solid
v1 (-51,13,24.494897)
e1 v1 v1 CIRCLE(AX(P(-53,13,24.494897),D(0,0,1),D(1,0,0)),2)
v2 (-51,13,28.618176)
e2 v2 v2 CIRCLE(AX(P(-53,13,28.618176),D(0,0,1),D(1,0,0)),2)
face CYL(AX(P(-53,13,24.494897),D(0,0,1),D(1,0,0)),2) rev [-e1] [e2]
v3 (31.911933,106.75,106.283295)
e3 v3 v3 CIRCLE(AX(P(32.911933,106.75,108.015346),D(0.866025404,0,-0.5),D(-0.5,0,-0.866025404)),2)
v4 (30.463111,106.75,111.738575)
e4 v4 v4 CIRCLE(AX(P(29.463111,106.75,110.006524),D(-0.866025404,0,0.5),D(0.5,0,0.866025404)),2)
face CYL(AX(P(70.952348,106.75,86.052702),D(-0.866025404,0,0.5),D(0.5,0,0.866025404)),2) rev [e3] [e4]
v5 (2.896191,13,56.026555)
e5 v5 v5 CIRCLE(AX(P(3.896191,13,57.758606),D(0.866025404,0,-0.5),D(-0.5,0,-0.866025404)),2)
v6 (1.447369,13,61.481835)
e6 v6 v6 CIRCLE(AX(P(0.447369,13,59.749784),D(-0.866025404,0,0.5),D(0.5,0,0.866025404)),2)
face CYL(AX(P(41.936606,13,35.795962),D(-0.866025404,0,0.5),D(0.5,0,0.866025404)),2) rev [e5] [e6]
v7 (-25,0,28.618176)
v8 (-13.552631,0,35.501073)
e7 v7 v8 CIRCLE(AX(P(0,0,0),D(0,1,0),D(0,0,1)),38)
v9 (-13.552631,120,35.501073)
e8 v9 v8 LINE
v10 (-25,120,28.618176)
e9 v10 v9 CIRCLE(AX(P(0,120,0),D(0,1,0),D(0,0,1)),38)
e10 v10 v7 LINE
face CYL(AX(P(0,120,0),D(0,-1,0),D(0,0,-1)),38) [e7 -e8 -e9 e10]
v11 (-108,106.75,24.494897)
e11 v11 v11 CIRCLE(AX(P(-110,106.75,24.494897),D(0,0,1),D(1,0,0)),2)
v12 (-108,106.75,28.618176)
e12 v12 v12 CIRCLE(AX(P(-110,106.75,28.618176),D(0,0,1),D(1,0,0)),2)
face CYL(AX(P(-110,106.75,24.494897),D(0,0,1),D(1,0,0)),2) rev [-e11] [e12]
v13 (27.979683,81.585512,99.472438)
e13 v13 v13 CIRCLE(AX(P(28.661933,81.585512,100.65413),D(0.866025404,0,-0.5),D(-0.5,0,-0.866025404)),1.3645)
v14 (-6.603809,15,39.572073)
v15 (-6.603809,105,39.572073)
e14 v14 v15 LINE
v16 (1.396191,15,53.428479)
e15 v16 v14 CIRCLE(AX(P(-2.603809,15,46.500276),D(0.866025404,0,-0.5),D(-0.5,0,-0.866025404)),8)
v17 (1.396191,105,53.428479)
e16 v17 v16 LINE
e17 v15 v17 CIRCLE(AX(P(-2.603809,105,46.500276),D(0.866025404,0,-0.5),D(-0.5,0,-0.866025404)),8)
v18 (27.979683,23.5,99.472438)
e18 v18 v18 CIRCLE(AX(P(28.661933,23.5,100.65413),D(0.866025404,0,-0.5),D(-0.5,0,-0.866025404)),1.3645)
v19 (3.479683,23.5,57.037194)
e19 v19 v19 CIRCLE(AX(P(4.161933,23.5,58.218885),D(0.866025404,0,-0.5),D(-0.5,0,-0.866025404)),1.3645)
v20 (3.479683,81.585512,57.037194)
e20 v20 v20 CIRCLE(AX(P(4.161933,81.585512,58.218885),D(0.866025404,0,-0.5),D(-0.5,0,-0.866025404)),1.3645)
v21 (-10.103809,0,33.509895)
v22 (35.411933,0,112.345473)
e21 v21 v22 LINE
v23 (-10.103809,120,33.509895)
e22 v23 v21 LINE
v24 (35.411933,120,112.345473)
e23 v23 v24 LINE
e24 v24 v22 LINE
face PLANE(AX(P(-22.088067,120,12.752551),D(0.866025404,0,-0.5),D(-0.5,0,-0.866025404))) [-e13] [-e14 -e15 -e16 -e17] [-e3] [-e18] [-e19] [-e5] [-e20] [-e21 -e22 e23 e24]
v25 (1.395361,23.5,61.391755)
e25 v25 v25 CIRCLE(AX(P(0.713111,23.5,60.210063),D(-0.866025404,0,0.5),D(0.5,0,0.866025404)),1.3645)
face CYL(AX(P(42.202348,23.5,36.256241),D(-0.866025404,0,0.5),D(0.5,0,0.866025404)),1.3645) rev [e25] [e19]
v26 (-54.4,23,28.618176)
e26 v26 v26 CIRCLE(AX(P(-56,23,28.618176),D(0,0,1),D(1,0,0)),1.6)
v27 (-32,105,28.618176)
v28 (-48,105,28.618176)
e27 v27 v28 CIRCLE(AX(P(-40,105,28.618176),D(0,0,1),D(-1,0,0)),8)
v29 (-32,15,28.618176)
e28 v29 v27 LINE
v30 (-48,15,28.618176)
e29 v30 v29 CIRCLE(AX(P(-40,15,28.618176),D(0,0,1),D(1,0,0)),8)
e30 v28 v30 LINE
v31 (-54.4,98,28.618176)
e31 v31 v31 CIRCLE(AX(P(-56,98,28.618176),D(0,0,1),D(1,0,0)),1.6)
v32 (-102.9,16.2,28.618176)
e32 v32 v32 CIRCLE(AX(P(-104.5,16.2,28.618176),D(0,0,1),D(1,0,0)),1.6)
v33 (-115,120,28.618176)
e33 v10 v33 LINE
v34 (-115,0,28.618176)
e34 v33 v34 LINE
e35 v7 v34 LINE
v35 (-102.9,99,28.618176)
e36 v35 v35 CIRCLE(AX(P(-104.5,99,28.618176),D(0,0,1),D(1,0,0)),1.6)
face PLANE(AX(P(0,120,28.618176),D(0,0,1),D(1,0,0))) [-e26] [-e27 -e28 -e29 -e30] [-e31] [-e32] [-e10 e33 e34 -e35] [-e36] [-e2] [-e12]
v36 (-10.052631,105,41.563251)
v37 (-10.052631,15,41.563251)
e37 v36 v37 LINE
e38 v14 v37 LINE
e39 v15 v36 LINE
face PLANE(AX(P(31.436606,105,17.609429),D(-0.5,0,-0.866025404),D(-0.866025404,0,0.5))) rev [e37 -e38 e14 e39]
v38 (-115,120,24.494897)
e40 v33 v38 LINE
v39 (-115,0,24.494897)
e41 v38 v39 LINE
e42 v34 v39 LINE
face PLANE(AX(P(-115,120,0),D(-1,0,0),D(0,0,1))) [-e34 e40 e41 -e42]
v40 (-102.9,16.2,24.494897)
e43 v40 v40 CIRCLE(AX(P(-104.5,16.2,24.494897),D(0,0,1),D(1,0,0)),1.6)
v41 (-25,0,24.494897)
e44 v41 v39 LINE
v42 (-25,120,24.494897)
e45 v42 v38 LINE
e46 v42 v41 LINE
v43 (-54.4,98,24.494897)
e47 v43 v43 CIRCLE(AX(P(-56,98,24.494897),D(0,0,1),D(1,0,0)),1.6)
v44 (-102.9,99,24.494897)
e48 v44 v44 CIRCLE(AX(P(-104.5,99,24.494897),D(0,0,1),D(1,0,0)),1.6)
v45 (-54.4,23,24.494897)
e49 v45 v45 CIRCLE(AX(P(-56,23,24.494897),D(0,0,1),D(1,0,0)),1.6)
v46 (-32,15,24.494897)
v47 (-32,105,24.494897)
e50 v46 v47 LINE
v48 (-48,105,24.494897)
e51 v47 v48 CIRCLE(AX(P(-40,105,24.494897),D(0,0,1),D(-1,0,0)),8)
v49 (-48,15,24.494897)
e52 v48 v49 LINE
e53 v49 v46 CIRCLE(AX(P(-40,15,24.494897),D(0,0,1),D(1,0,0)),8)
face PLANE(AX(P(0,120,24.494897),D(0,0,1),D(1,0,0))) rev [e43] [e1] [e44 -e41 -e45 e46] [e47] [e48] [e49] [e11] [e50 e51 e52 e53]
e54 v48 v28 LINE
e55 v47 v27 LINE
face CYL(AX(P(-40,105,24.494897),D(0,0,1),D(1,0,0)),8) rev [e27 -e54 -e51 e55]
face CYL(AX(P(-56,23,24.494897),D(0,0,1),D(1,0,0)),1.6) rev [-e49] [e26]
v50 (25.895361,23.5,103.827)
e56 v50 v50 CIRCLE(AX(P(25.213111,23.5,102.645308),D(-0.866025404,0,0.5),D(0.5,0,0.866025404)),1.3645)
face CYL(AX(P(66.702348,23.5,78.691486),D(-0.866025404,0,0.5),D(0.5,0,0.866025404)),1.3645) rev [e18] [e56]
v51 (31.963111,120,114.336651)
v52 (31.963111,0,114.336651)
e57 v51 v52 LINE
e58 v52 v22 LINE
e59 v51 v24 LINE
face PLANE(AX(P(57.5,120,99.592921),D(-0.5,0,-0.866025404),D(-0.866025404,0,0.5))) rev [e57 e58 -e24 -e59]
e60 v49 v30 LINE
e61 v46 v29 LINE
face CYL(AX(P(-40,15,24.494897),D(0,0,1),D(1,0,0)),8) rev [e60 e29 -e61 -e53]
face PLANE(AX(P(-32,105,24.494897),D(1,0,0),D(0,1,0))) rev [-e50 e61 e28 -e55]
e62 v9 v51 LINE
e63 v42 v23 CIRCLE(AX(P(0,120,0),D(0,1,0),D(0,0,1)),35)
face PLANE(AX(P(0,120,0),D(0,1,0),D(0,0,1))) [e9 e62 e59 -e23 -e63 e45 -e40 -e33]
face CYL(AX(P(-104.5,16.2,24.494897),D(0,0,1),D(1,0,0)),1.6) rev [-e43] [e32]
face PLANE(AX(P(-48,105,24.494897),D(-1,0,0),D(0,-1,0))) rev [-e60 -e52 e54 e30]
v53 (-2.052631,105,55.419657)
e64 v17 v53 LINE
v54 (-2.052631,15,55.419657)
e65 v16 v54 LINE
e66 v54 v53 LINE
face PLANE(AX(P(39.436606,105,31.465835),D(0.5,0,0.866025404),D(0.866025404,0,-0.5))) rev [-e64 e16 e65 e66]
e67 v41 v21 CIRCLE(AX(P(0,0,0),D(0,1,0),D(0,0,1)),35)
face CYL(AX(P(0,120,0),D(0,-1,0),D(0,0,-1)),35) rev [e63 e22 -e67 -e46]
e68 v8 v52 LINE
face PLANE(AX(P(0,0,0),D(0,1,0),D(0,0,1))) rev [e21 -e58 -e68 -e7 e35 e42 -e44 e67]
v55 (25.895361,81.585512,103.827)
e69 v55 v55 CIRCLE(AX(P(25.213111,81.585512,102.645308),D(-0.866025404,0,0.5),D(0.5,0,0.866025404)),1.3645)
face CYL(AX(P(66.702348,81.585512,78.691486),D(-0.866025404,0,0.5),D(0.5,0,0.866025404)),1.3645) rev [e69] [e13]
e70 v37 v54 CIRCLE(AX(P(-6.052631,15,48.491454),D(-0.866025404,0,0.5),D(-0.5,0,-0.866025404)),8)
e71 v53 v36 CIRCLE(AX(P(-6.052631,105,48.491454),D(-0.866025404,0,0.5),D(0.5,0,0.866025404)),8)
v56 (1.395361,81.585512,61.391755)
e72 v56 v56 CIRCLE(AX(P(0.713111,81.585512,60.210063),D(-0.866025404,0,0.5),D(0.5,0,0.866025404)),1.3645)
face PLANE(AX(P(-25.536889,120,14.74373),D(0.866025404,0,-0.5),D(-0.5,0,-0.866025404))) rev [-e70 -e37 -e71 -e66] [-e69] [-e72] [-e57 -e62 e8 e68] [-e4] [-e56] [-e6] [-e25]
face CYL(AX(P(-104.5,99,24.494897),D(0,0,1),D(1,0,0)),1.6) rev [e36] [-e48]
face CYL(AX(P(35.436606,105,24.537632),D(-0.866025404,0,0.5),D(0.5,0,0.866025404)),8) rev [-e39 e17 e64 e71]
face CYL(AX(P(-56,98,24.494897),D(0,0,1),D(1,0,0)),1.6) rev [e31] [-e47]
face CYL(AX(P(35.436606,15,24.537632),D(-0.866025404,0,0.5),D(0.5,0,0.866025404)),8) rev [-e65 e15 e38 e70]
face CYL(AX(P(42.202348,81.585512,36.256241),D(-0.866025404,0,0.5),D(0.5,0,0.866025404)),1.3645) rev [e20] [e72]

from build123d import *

# Parameters (mm, degrees)
BOSS_EXTRU_1_DEPTH      = 120
ENL_V_MAT_EXTRU_1_DEPTH = 188.009777727
ENL_V_MAT_EXTRU_2_DEPTH = 180.784310366
ESQUISSE6_R             = 2
ENL_V_MAT_EXTRU_3_DEPTH = 188.009777727
ESQUISSE7_R             = 2
ENL_V_MAT_EXTRU_4_DEPTH = 180.784310366
ESQUISSE10_R            = 1.364499713
ENL_V_MAT_EXTRU_5_DEPTH = 180.784310366
ENL_V_MAT_EXTRU_6_DEPTH = 188.009777727
ESQUISSE11_R            = 2
ENL_V_MAT_EXTRU_7_DEPTH = 188.009777727
ESQUISSE12_R            = 2
ENL_V_MAT_EXTRU_8_DEPTH = 180.784310366


with BuildPart() as part:
    # Esquisse3 → Boss.-Extru.1 (new body)
    with BuildSketch(Plane(origin=(0, 0, 0), x_dir=(1, 0, 0), z_dir=(0, 1, 0))):
        with BuildLine():
            ThreePointArc((-25, -28.618176043), (-27.104360033, -26.633694209), (-29.051678093, -24.494897428))
            Line((-29.051678093, -24.494897428), (-115, -24.494897428))
            Line((-115, -24.494897428), (-115, -28.618176043))
            Line((-115, -28.618176043), (-25, -28.618176043))
        make_face()
        with BuildLine():
            ThreePointArc((-10.103808925, -33.509894736), (-18.121448463, -29.943498553), (-25, -24.494897428))
            Line((-25, -24.494897428), (-29.051678093, -24.494897428))
            ThreePointArc((-29.051678093, -24.494897428), (-27.104360033, -26.633694209), (-25, -28.618176043))
            ThreePointArc((-25, -28.618176043), (-19.581111, -32.566548666), (-13.552631037, -35.50107311))
            ThreePointArc((-13.552631037, -35.50107311), (-10.809506446, -36.430132725), (-8.003591765, -37.147577564))
            Line((-8.003591765, -37.147577564), (-10.103808925, -33.509894736))
        make_face()
        with BuildLine():
            Line((35.411933246, -112.345472721), (-8.003591765, -37.147577564))
            ThreePointArc((-8.003591765, -37.147577564), (-10.809506446, -36.430132725), (-13.552631037, -35.50107311))
            Line((-13.552631037, -35.50107311), (31.963111135, -114.336651096))
            Line((31.963111135, -114.336651096), (35.411933246, -112.345472721))
        make_face()
    extrude(amount=BOSS_EXTRU_1_DEPTH)

    # Esquisse4 → Enlèv. mat.-Extru.1 (cut, through all)
    with BuildSketch(Plane.XY.offset(28.618176043)):
        with BuildLine():
            Line((-48, 105), (-48, 15))
            ThreePointArc((-48, 15), (-40, 7), (-32, 15))
            Line((-32, 15), (-32, 105))
            ThreePointArc((-32, 105), (-40, 113), (-48, 105))
        make_face()
    extrude(amount=-ENL_V_MAT_EXTRU_1_DEPTH, mode=Mode.SUBTRACT)

    # Esquisse5 → Enlèv. mat.-Extru.2 (cut, through all)
    with BuildSketch(Plane(origin=(-25.536888865, 0, 14.743729661), x_dir=(0.4999999999999999, 0, 0.8660254037844386), z_dir=(-0.8660254037844387, 0, 0.49999999999999994))):
        with BuildLine():
            Line((46.968515657, 105), (46.968515657, 15))
            ThreePointArc((46.968515657, 15), (38.968515657, 7), (30.968515657, 15))
            Line((30.968515657, 15), (30.968515657, 105))
            ThreePointArc((30.968515657, 105), (38.968515657, 113), (46.968515657, 105))
        make_face()
    extrude(amount=-ENL_V_MAT_EXTRU_2_DEPTH, mode=Mode.SUBTRACT)

    # Esquisse6 → Enlèv. mat.-Extru.3 (cut, through all)
    with BuildSketch(Plane.XY.offset(28.618176043)):
        with Locations((-110, 106.75)):
            Circle(ESQUISSE6_R)
    extrude(amount=-ENL_V_MAT_EXTRU_3_DEPTH, mode=Mode.SUBTRACT)

    # Esquisse7 → Enlèv. mat.-Extru.4 (cut, through all)
    with BuildSketch(Plane(origin=(-25.536888865, 0, 14.743729661), x_dir=(0.4999999999999999, 0, 0.8660254037844386), z_dir=(-0.8660254037844387, 0, 0.49999999999999994))):
        with Locations((110, 106.75)):
            Circle(ESQUISSE7_R)
    extrude(amount=-ENL_V_MAT_EXTRU_4_DEPTH, mode=Mode.SUBTRACT)

    # Esquisse10 → Enlèv. mat.-Extru.5 (cut, through all)
    with BuildSketch(Plane(origin=(-25.536888865, 0, 14.743729661), x_dir=(0.4999999999999999, 0, 0.8660254037844386), z_dir=(-0.8660254037844387, 0, 0.49999999999999994))):
        with Locations((101.5, 23.5)):
            Circle(ESQUISSE10_R)
        with Locations((52.5, 23.5)):
            Circle(ESQUISSE10_R)
        with Locations((52.5, 81.585512482)):
            Circle(ESQUISSE10_R)
        with Locations((101.5, 81.585512482)):
            Circle(ESQUISSE10_R)
    extrude(amount=-ENL_V_MAT_EXTRU_5_DEPTH, mode=Mode.SUBTRACT)

    # Esquisse9 → Enlèv. mat.-Extru.6 (cut, through all)
    with BuildSketch(Plane.XY.offset(28.618176043)):
        with BuildLine():
            ThreePointArc((-54.4, 23), (-56, 24.6), (-57.6, 23))
            ThreePointArc((-57.6, 23), (-56, 21.4), (-54.4, 23))
        make_face()
        with BuildLine():
            ThreePointArc((-106.1, 16.2), (-104.5, 14.6), (-102.9, 16.2))
            ThreePointArc((-102.9, 16.2), (-104.5, 17.8), (-106.1, 16.2))
        make_face()
        with BuildLine():
            ThreePointArc((-57.6, 98), (-56, 96.4), (-54.4, 98))
            ThreePointArc((-54.4, 98), (-56, 99.6), (-57.6, 98))
        make_face()
        with BuildLine():
            ThreePointArc((-106.1, 99), (-104.5, 97.4), (-102.9, 99))
            ThreePointArc((-102.9, 99), (-104.5, 100.6), (-106.1, 99))
        make_face()
    extrude(amount=-ENL_V_MAT_EXTRU_6_DEPTH, mode=Mode.SUBTRACT)

    # Esquisse11 → Enlèv. mat.-Extru.7 (cut, through all)
    with BuildSketch(Plane.XY.offset(28.618176043)):
        with Locations((-53, 13)):
            Circle(ESQUISSE11_R)
    extrude(amount=-ENL_V_MAT_EXTRU_7_DEPTH, mode=Mode.SUBTRACT)

    # Esquisse12 → Enlèv. mat.-Extru.8 (cut, through all)
    with BuildSketch(Plane(origin=(-25.536888865, 0, 14.743729661), x_dir=(0.4999999999999999, 0, 0.8660254037844386), z_dir=(-0.8660254037844387, 0, 0.49999999999999994))):
        with Locations((51.968515657, 13)):
            Circle(ESQUISSE12_R)
    extrude(amount=-ENL_V_MAT_EXTRU_8_DEPTH, mode=Mode.SUBTRACT)


solid = part.part
